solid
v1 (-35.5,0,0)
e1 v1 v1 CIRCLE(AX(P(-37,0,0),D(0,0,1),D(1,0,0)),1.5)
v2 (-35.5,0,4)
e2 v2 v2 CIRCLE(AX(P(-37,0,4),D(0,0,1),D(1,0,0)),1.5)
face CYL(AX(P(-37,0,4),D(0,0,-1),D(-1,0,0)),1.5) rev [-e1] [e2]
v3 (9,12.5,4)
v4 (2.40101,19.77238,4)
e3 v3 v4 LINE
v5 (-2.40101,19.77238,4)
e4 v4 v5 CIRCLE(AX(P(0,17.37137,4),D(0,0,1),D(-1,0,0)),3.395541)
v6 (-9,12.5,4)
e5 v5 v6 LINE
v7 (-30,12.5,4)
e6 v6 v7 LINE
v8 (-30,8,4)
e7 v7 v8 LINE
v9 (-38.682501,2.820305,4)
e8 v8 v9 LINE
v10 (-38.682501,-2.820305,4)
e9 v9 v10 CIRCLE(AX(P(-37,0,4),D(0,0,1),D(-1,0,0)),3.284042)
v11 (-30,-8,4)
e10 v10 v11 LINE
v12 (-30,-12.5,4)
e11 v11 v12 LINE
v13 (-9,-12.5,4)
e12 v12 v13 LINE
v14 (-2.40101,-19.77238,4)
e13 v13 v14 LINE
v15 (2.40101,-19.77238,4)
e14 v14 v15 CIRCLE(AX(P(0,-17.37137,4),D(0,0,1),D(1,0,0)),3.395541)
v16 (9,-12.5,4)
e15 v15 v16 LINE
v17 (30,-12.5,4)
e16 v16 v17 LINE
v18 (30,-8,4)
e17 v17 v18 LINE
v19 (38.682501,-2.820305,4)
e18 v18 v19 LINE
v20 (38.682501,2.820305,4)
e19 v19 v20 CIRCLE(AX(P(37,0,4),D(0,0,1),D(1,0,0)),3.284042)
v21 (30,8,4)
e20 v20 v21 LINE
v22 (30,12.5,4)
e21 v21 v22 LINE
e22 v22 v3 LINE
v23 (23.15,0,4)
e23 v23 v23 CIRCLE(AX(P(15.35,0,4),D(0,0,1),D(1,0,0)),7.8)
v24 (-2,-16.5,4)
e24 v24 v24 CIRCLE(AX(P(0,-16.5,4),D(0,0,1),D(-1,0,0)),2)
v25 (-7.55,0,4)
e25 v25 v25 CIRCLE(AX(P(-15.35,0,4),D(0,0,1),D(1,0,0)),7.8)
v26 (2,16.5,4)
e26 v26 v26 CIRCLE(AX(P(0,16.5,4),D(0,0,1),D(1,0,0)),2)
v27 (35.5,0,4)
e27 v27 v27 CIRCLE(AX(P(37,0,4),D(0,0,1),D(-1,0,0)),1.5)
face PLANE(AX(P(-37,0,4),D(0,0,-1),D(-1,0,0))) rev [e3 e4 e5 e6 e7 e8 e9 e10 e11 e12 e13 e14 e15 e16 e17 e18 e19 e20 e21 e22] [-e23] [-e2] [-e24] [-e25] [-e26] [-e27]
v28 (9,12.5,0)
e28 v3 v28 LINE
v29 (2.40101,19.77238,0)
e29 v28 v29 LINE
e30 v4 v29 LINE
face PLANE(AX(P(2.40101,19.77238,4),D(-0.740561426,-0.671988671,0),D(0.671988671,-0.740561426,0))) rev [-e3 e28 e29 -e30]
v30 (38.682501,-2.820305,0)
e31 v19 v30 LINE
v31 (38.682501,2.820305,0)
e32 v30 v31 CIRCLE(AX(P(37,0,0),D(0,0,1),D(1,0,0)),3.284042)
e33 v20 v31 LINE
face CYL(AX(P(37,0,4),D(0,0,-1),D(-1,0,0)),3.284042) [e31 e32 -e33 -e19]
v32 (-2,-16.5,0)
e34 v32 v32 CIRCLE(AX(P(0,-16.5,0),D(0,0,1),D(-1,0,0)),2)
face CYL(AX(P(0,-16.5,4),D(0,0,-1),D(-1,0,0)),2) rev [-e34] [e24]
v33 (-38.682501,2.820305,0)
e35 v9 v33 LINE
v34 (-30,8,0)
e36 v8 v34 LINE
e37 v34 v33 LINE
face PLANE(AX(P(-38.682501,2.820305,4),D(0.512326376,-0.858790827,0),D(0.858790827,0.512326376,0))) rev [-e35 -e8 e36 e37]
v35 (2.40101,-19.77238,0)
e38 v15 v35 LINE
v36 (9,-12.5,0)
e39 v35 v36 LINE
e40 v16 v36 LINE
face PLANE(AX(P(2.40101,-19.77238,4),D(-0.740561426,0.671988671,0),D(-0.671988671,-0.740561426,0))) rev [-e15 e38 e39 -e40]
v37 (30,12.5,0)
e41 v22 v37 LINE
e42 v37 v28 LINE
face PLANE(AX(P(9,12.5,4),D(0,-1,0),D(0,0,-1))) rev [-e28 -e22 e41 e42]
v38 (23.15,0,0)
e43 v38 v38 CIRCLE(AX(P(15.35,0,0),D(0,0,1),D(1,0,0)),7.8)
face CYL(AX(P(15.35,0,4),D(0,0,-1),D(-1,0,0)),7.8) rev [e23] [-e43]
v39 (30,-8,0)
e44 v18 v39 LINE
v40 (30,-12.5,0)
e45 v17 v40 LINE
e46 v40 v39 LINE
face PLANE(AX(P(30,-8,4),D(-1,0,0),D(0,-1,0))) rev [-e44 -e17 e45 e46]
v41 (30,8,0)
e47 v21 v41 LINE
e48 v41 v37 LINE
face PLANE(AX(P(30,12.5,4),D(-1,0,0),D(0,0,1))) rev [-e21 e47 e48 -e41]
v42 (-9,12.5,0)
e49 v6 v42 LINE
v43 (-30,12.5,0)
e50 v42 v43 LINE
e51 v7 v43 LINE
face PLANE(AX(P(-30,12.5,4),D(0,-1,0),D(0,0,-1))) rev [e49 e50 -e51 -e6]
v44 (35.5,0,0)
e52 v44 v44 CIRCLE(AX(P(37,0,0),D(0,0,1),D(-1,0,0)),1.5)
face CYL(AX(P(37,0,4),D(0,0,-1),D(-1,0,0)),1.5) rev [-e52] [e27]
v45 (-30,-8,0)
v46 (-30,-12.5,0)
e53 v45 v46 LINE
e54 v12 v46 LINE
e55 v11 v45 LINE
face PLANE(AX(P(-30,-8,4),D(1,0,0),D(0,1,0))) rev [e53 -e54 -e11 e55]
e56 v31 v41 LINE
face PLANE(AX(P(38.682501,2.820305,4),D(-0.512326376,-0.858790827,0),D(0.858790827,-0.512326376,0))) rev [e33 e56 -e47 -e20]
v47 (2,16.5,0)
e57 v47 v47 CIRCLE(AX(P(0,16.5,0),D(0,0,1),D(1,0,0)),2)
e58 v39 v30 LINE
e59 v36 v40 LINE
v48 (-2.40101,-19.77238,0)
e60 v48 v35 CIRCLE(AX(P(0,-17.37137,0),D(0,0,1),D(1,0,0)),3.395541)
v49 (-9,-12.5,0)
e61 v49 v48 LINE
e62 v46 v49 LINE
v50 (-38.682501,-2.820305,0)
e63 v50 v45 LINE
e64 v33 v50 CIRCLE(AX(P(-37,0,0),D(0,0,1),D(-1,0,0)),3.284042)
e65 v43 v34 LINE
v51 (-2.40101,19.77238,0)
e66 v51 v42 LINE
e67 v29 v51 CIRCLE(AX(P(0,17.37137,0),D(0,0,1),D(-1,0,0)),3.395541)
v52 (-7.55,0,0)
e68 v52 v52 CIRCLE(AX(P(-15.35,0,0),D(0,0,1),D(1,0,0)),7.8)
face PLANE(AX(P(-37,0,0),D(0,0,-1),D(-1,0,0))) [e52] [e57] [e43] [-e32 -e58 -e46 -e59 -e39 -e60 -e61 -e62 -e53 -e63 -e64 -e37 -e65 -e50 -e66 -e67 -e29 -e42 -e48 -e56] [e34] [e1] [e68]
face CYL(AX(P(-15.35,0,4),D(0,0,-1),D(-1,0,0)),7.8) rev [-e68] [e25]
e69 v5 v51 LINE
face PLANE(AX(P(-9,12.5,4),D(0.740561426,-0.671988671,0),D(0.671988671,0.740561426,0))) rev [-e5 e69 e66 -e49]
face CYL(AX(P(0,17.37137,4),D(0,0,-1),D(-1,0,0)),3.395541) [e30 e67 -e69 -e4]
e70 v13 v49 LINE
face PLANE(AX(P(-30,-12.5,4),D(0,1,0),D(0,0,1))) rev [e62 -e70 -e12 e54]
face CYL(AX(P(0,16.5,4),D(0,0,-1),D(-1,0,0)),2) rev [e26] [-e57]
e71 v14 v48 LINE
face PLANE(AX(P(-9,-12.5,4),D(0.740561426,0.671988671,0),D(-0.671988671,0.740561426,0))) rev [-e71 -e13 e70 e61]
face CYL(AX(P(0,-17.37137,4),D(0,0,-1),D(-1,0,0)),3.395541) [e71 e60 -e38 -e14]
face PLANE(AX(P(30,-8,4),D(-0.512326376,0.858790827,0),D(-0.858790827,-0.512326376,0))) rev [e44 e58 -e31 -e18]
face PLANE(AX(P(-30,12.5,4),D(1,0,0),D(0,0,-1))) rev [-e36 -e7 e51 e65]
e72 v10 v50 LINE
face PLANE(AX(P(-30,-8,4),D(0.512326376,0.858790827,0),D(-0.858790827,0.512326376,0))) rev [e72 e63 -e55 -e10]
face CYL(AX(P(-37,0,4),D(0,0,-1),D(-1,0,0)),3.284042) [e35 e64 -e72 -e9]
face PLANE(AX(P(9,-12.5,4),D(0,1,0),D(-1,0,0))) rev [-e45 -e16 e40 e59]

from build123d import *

# Parameters (mm, degrees)
SKETCH1_R           = 7.8
SKETCH1_R_2         = 2
SKETCH1_R_3         = 1.5
BOSS_EXTRUDE1_DEPTH = 4


with BuildPart() as part:
    # Sketch1 → Boss-Extrude1 (new body)
    with BuildSketch(Plane.XY):
        with BuildLine():
            Line((-9, 12.5), (-2.401010284, 19.772380391))
            ThreePointArc((-2.401010284, 19.772380391), (0, 20.766911414), (2.401010284, 19.772380391))
            Line((2.401010284, 19.772380391), (9, 12.5))
            Line((9, 12.5), (30, 12.5))
            Line((30, 12.5), (30, 8))
            Line((30, 8), (38.682501327, 2.820305125))
            ThreePointArc((38.682501327, 2.820305125), (40.284041978, 0), (38.682501327, -2.820305125))
            Line((38.682501327, -2.820305125), (30, -8))
            Line((30, -8), (30, -12.5))
            Line((30, -12.5), (9, -12.5))
            Line((9, -12.5), (2.401010284, -19.772380391))
            ThreePointArc((2.401010284, -19.772380391), (0, -20.766911414), (-2.401010284, -19.772380391))
            Line((-2.401010284, -19.772380391), (-9, -12.5))
            Line((-9, -12.5), (-30, -12.5))
            Line((-30, -12.5), (-30, -8))
            Line((-30, -8), (-38.682501327, -2.820305125))
            ThreePointArc((-38.682501327, -2.820305125), (-40.284041978, 0), (-38.682501327, 2.820305125))
            Line((-38.682501327, 2.820305125), (-30, 8))
            Line((-30, 8), (-30, 12.5))
            Line((-30, 12.5), (-9, 12.5))
        make_face()
        with Locations((-15.35, 0)):
            Circle(SKETCH1_R, mode=Mode.SUBTRACT)
        with Locations((15.35, 0)):
            Circle(SKETCH1_R, mode=Mode.SUBTRACT)
        with Locations((0, 16.5)):
            Circle(SKETCH1_R_2, mode=Mode.SUBTRACT)
        with Locations((0, -16.5)):
            Circle(SKETCH1_R_2, mode=Mode.SUBTRACT)
        with Locations((-37, 0)):
            Circle(SKETCH1_R_3, mode=Mode.SUBTRACT)
        with Locations((37, 0)):
            Circle(SKETCH1_R_3, mode=Mode.SUBTRACT)
    extrude(amount=BOSS_EXTRUDE1_DEPTH)


solid = part.part
